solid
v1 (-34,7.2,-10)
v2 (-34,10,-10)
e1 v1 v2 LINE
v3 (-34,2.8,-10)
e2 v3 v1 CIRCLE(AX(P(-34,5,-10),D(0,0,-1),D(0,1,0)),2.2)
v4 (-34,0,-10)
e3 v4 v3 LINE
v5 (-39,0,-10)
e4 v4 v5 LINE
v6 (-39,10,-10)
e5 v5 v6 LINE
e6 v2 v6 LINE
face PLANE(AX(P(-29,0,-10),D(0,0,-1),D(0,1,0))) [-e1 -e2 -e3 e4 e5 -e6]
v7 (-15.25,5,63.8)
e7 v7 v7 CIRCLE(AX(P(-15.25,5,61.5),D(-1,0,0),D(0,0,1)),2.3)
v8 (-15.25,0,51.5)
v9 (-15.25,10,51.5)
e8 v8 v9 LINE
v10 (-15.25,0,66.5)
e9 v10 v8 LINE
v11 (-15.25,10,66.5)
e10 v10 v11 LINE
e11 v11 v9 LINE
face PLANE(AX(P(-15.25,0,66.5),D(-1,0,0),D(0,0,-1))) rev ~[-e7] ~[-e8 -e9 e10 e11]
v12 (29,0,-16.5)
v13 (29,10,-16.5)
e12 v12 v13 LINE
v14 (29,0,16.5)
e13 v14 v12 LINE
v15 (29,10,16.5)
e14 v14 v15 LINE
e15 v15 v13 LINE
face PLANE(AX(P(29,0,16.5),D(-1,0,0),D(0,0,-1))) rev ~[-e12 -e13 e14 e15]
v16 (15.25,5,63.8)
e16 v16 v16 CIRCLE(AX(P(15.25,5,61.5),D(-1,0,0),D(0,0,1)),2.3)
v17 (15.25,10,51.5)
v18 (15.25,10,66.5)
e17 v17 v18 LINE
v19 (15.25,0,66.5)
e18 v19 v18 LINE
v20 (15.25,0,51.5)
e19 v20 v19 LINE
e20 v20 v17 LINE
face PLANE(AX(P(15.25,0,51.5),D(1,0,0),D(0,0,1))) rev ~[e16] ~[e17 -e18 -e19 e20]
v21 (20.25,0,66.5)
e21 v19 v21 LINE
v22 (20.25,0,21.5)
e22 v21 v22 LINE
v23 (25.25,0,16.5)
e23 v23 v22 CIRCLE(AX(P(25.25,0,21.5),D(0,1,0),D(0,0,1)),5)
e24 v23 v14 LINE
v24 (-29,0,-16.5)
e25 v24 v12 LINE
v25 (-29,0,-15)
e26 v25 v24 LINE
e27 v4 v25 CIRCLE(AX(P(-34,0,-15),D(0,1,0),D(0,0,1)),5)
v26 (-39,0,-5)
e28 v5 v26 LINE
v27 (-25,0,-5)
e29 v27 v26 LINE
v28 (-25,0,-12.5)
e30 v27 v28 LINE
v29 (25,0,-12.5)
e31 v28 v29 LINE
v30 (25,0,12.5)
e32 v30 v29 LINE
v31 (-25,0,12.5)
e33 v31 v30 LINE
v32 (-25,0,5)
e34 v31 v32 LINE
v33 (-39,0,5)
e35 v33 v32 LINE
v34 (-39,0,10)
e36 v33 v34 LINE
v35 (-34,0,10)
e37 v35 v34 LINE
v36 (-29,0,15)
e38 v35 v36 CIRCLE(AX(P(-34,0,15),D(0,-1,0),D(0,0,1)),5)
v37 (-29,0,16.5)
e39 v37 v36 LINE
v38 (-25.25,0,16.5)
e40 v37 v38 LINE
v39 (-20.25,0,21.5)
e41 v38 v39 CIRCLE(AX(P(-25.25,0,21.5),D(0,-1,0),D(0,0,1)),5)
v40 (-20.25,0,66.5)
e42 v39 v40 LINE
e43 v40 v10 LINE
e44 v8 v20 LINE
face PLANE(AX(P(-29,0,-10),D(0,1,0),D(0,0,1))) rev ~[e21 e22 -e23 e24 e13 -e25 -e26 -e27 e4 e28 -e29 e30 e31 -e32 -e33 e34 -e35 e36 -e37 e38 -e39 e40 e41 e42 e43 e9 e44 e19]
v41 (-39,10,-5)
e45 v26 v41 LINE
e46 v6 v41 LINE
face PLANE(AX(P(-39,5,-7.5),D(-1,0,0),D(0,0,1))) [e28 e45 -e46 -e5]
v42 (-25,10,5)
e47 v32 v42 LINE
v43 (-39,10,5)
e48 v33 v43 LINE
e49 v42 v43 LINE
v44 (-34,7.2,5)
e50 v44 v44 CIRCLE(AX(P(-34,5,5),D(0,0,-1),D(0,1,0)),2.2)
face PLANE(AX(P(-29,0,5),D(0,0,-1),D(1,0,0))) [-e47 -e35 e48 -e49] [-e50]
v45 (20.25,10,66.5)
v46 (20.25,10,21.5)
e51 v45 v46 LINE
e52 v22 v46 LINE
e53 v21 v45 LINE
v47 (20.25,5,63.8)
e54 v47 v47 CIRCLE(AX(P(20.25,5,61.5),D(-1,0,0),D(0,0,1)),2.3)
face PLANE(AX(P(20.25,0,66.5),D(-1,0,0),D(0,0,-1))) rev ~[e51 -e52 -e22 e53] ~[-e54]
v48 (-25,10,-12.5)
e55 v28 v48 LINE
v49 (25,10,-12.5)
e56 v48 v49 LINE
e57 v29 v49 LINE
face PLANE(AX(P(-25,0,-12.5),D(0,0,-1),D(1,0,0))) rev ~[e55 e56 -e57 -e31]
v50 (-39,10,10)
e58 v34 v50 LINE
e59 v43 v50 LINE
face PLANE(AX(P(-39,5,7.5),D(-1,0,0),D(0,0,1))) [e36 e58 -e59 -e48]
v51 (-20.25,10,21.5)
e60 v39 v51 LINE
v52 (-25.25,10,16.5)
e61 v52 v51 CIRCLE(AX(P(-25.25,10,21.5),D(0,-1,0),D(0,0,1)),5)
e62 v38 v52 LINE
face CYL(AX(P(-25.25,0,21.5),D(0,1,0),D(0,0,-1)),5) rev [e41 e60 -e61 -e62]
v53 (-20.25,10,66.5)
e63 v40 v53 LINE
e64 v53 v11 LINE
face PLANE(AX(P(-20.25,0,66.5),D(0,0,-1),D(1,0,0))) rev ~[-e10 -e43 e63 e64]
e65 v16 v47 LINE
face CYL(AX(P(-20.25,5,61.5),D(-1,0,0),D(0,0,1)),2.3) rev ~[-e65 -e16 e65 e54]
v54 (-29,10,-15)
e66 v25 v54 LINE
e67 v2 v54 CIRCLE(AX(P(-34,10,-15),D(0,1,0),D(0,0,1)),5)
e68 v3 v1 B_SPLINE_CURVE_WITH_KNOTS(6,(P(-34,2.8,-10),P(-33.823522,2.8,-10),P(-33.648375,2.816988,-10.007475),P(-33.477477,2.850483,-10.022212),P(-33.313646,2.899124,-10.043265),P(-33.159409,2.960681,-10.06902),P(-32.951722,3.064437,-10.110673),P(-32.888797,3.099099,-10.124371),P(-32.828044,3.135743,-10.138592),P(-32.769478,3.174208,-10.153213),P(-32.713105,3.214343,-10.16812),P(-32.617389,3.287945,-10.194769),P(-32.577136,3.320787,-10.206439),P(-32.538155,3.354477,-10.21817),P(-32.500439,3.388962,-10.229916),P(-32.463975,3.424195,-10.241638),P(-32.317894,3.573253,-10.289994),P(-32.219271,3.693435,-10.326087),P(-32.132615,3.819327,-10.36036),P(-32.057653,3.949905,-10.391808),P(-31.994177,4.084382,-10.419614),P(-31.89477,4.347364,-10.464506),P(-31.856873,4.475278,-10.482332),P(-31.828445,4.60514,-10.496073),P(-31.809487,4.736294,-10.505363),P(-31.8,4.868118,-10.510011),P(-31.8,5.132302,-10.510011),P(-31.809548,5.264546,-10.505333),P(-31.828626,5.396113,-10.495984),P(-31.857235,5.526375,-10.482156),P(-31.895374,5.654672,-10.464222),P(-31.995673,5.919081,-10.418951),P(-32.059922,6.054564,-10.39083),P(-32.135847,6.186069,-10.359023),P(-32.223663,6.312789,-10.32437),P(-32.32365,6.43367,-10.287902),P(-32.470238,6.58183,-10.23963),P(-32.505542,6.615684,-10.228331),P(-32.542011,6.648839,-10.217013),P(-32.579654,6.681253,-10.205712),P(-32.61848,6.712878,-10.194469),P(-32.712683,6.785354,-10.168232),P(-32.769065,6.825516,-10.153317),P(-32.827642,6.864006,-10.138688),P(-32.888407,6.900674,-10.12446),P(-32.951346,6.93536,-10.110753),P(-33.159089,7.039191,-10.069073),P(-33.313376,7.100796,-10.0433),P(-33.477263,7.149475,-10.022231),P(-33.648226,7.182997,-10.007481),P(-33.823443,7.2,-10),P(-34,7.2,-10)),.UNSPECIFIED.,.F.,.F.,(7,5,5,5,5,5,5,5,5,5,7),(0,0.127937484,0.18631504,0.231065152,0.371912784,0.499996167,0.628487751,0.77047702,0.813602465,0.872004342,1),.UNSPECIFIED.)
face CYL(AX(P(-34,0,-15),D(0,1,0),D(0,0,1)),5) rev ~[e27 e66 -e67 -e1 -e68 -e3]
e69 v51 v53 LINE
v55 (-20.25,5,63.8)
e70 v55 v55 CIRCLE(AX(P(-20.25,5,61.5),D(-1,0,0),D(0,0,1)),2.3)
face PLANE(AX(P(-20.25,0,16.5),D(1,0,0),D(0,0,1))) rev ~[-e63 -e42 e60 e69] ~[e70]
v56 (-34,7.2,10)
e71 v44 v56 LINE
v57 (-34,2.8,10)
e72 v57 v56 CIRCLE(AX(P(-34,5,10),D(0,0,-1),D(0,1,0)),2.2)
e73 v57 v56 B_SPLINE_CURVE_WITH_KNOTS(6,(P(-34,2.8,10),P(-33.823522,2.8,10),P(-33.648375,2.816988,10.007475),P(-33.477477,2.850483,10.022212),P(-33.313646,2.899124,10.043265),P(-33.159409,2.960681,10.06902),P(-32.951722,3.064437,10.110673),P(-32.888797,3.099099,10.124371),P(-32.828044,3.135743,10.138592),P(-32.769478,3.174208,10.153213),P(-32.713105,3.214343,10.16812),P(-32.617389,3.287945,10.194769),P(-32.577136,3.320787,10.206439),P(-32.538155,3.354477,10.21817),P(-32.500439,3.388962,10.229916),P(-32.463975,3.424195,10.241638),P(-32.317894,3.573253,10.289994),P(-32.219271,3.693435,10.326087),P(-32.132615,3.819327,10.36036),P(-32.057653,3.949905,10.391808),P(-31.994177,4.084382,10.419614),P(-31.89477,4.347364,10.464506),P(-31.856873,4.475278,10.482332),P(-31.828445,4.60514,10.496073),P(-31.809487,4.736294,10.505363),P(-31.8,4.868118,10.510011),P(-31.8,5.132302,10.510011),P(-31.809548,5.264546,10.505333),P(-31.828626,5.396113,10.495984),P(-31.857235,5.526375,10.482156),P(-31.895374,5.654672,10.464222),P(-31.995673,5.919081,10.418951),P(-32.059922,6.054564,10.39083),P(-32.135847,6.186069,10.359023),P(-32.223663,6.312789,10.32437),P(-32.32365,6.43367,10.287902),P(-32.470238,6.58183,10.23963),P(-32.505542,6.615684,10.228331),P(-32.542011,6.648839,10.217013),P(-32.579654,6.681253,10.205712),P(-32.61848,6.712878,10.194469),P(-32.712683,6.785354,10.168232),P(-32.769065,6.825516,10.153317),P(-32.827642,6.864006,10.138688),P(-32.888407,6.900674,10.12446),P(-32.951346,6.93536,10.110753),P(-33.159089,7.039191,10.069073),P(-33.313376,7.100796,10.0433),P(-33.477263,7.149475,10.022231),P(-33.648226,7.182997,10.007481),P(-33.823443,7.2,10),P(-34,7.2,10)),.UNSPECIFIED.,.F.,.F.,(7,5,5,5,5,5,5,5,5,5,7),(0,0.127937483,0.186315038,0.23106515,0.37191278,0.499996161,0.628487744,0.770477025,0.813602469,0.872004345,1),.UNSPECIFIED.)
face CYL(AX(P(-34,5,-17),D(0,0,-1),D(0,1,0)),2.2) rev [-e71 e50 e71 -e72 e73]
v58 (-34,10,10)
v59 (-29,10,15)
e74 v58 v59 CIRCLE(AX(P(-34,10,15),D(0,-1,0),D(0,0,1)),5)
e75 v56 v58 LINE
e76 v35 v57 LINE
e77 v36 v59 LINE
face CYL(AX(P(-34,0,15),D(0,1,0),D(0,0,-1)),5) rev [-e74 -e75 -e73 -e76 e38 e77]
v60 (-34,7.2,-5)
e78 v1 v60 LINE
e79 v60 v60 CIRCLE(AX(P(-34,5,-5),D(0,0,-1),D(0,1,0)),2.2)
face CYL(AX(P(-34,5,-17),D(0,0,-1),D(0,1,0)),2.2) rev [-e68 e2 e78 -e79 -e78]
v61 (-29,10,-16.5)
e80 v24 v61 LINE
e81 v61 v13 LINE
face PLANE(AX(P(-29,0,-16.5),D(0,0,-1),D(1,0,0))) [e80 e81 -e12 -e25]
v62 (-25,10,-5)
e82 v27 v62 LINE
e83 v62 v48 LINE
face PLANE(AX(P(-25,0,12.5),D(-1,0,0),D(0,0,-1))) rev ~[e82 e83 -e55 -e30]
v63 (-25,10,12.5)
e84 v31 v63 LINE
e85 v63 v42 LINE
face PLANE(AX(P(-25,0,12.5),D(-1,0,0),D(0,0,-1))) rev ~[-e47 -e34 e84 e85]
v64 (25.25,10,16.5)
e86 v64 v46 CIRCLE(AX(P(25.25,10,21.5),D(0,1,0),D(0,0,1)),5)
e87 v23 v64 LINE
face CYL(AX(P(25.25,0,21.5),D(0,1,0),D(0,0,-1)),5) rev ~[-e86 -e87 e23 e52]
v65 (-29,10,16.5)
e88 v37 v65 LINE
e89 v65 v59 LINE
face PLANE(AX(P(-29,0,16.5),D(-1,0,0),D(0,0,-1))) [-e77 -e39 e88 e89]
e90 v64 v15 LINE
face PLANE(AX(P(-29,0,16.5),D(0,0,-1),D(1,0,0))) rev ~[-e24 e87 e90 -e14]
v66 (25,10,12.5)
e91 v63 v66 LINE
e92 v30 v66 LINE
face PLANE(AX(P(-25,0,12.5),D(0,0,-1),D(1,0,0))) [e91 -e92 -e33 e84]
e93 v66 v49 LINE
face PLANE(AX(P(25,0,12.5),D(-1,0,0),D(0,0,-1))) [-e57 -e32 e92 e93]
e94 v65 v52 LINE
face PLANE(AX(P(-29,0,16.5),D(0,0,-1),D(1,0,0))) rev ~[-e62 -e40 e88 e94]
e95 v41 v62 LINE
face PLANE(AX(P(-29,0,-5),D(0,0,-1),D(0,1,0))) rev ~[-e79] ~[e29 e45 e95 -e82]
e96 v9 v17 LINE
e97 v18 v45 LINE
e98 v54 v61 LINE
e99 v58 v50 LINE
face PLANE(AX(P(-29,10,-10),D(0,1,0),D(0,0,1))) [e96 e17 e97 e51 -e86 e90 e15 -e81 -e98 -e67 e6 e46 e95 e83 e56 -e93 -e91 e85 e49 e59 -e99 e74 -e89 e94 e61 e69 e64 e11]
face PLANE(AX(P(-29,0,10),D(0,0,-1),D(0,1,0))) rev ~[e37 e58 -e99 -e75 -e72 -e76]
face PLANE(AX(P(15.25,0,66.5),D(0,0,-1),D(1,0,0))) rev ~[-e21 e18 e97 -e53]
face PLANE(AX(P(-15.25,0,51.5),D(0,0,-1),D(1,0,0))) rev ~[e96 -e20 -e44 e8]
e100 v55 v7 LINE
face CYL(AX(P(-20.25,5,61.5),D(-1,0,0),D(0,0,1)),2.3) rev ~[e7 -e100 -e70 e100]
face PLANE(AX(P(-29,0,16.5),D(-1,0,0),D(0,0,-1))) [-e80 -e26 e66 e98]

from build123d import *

# Parameters (mm, degrees)
CROQUIS1_W                 = 58
CROQUIS1_H                 = 33
CROQUIS1_W_2               = 50
CROQUIS1_H_2               = 25
SALIENTE_EXTRUIR1_DEPTH    = 10
REDONDEO1_R                = 5
REDONDEO2_R                = 5
CROQUIS2_R                 = 2.3
CORTAR_EXTRUIR1_DEPTH      = 52
CROQUIS3_W                 = 4
CROQUIS3_H                 = 10
CORTAR_EXTRUIR2_DEPTH      = 20
CROQUIS4_W                 = 5
CROQUIS4_H                 = 10
SALIENTE_EXTRUIR2_DEPTH    = 10
REDONDEO3_R                = 5
REDONDEO4_R                = 5
CORTAR_EXTRUIR4_DEPTH      = 27
CORTAR_EXTRUIR4_DEPTH_BACK = 27
CROQUIS5_R                 = 2.2


with BuildPart() as part:
    # Croquis1 → Saliente-Extruir1 (new body)
    # profile 1 of 2: a face of its own
    with BuildSketch(Plane(origin=(0, 0, 0), x_dir=(1, 0, 0), z_dir=(0, 1, 0))):
        Rectangle(CROQUIS1_W, CROQUIS1_H)
        Rectangle(CROQUIS1_W_2, CROQUIS1_H_2, mode=Mode.SUBTRACT)
    # profile 2 of 2: a face of its own
    with BuildSketch(Plane(origin=(0, 0, 0), x_dir=(1, 0, 0), z_dir=(0, 1, 0))):
        Polygon((20.25, -16.5), (-20.25, -16.5), (-20.25, -66.5), (-15.25, -66.5), (-15.25, -51.5), (15.25, -51.5), (15.25, -66.5), (20.25, -66.5), align=None)
    extrude(amount=SALIENTE_EXTRUIR1_DEPTH)

    # Redondeo1
    redondeo1_edges = [part.edges().sort_by_distance(p)[0] for p in [
        (20.25, 5, 16.5),
    ]]
    fillet(redondeo1_edges, radius=REDONDEO1_R)

    # Redondeo2
    redondeo2_edges = [part.edges().sort_by_distance(p)[0] for p in [
        (-20.25, 5, 16.5),
    ]]
    fillet(redondeo2_edges, radius=REDONDEO2_R)

    # Croquis2 → Cortar-Extruir1 (cut)
    with BuildSketch(Plane.ZY.offset(20.25)):
        with Locations((61.5, 5)):
            Circle(CROQUIS2_R)
    extrude(amount=-CORTAR_EXTRUIR1_DEPTH, mode=Mode.SUBTRACT)

    # Croquis3 → Cortar-Extruir2 (cut)
    with BuildSketch(Plane.XZ):
        with Locations((-27, 0)):
            Rectangle(CROQUIS3_W, CROQUIS3_H)
    extrude(amount=-CORTAR_EXTRUIR2_DEPTH, mode=Mode.SUBTRACT)

    # Croquis4 → Saliente-Extruir2 (add)
    with BuildSketch(Plane.ZY.offset(29)):
        with Locations((-7.5, 5)):
            Rectangle(CROQUIS4_W, CROQUIS4_H)
        with Locations((7.5, 5)):
            Rectangle(CROQUIS4_W, CROQUIS4_H)
    extrude(amount=SALIENTE_EXTRUIR2_DEPTH)

    # Redondeo3
    redondeo3_edges = [part.edges().sort_by_distance(p)[0] for p in [
        (-29, 5, -10),
    ]]
    fillet(redondeo3_edges, radius=REDONDEO3_R)

    # Redondeo4
    redondeo4_edges = [part.edges().sort_by_distance(p)[0] for p in [
        (-29, 5, 10),
    ]]
    fillet(redondeo4_edges, radius=REDONDEO4_R)

    # Croquis5 → Cortar-Extruir4 (cut, two sides: drawn at the far end of the back side and taken through both)
    with BuildSketch(Plane.XY.offset(10).offset(-CORTAR_EXTRUIR4_DEPTH_BACK)):
        with Locations(Location((-34, 5, 0), (0, 0, 90))):
            Circle(CROQUIS5_R)
    extrude(amount=CORTAR_EXTRUIR4_DEPTH + CORTAR_EXTRUIR4_DEPTH_BACK, mode=Mode.SUBTRACT)


solid = part.part
